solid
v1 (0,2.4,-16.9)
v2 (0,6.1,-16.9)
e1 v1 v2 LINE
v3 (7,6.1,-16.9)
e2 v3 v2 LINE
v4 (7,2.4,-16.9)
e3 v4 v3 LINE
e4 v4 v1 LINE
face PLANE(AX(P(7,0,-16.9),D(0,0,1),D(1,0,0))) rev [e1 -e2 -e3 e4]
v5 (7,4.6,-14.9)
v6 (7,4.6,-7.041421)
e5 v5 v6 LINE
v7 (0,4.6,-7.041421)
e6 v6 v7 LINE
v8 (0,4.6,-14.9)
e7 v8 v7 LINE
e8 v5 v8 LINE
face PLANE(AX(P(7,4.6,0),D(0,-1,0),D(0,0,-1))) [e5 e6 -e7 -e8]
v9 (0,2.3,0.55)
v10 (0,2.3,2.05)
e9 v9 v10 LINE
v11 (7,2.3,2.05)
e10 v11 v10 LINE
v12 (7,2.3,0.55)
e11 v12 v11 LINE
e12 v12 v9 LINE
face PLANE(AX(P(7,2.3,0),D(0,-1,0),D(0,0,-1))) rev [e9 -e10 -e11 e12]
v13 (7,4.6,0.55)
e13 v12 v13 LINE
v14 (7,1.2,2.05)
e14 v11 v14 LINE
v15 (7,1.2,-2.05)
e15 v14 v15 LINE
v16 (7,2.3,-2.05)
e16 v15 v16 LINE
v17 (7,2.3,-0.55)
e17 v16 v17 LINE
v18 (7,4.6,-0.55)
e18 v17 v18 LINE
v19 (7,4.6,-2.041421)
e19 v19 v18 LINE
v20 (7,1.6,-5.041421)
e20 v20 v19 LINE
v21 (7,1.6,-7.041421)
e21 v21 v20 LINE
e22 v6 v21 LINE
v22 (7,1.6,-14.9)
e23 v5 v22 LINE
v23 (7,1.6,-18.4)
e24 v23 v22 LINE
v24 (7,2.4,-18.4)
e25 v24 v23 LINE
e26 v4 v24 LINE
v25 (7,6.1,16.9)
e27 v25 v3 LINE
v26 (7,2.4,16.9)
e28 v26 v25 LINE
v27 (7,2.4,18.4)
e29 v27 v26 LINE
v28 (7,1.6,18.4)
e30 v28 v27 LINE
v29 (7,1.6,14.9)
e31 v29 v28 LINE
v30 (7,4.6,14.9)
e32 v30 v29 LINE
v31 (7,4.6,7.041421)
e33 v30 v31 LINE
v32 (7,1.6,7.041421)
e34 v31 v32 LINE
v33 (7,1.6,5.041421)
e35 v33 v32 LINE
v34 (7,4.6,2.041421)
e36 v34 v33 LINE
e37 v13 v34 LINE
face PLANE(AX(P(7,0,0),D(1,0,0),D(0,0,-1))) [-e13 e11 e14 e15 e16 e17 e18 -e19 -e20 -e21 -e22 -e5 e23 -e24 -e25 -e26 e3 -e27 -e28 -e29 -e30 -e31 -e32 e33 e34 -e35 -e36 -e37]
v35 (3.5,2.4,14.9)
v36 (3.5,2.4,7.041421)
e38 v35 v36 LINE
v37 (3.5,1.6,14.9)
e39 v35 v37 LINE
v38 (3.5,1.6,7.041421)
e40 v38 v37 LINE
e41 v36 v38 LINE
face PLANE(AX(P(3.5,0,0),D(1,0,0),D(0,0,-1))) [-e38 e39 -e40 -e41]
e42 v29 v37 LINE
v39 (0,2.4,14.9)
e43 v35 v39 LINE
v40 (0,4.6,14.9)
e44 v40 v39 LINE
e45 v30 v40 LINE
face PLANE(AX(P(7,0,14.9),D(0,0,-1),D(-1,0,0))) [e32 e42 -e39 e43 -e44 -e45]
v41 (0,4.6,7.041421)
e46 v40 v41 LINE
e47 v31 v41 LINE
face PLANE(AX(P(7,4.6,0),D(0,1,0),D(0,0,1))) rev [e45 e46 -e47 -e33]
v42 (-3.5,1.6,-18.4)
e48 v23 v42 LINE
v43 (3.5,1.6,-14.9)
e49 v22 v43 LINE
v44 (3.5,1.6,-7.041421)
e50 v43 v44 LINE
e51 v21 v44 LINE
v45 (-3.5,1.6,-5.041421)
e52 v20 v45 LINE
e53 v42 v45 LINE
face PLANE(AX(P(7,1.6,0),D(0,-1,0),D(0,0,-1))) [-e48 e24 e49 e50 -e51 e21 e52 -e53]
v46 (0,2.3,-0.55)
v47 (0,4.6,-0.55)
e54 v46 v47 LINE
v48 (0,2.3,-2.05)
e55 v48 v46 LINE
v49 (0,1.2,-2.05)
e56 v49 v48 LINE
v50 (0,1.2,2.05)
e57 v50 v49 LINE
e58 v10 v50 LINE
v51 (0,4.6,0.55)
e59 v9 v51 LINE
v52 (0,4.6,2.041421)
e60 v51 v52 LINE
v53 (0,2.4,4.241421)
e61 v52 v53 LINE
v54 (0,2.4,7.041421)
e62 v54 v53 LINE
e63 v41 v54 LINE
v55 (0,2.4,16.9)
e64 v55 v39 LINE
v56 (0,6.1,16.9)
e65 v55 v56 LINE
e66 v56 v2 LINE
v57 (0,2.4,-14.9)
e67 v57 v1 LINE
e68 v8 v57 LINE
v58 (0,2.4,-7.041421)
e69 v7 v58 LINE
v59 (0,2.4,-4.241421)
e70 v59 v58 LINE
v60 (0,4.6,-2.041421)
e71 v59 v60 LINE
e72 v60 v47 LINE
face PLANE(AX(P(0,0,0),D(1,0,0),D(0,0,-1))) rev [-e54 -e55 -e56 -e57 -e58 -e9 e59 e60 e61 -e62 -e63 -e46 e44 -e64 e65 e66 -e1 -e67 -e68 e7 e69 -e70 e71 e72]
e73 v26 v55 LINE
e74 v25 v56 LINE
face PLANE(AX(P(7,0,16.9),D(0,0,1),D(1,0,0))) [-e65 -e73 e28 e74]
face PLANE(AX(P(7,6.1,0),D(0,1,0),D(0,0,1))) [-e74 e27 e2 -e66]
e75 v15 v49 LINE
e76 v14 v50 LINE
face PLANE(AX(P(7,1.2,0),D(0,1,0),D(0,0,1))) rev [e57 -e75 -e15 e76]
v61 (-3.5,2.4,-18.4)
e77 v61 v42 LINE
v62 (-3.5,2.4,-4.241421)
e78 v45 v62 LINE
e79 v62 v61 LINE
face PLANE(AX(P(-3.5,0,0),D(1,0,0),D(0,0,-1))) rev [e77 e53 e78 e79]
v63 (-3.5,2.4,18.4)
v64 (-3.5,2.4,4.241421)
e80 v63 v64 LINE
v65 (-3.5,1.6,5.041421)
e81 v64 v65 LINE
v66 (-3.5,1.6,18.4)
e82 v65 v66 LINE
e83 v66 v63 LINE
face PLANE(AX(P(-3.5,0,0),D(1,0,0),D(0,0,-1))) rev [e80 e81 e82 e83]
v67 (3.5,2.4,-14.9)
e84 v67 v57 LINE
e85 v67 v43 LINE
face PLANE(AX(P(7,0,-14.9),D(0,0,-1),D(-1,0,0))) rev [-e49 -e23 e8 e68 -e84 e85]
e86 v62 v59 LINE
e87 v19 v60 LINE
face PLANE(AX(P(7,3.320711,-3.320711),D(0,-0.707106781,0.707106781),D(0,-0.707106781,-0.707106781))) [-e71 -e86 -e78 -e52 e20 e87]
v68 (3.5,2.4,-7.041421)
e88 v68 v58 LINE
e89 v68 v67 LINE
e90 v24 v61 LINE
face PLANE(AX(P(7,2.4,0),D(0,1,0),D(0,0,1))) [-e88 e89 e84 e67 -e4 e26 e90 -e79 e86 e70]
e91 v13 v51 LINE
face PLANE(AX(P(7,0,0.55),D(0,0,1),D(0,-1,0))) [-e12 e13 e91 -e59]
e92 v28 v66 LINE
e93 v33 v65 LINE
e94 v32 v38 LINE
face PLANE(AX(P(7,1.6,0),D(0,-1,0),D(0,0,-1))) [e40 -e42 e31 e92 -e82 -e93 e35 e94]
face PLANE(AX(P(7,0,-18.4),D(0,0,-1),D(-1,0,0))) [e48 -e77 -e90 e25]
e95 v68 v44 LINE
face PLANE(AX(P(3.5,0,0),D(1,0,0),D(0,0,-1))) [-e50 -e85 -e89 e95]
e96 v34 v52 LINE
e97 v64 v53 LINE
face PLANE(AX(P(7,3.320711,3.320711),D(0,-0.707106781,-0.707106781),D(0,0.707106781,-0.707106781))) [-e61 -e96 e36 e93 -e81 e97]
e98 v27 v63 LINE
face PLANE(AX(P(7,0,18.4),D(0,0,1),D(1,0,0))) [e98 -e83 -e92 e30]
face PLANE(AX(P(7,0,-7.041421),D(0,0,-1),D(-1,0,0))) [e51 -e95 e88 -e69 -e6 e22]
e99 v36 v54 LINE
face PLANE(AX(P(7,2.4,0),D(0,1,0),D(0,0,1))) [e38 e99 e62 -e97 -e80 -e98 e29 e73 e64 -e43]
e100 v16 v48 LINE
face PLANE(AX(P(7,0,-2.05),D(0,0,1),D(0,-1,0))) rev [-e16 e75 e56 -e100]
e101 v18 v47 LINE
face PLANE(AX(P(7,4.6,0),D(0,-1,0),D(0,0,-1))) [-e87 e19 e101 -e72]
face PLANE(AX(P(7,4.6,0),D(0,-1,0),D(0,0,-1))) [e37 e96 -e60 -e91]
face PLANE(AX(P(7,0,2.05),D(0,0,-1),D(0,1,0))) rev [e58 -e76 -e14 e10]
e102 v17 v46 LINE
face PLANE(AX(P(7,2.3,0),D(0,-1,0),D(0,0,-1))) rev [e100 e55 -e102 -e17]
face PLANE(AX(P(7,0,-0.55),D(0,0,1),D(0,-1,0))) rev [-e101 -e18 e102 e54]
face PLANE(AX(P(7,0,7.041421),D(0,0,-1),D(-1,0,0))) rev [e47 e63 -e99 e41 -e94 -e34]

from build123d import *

# Parameters (mm, degrees)
BOSS_EXTRUDE1_DEPTH = 7
SKETCH1_3_W         = 7.858578644
SKETCH1_3_H         = 0.8
BOSS_EXTRUDE2_DEPTH = 3.5


with BuildPart() as part:
    # Sketch1 → Boss-Extrude1 (new body)
    with BuildSketch(Plane(origin=(0, 0, 0), x_dir=(0, 0, -1), z_dir=(1, 0, 0))):
        Polygon((-14.9, 4.6), (-7.041421356, 4.6), (-7.041421356, 1.6), (-5.041421356, 1.6), (-2.041421356, 4.6), (-0.55, 4.6), (-0.55, 2.3), (-2.05, 2.3), (-2.05, 1.2), (2.05, 1.2), (2.05, 2.3), (0.55, 2.3), (0.55, 4.6), (2.041421356, 4.6), (5.041421356, 1.6), (7.041421356, 1.6), (7.041421356, 4.6), (14.9, 4.6), (14.9, 1.6), (18.4, 1.6), (18.4, 2.4), (16.9, 2.4), (16.9, 6.1), (-16.9, 6.1), (-16.9, 2.4), (-18.4, 2.4), (-18.4, 1.6), (-14.9, 1.6), align=None)
    extrude(amount=BOSS_EXTRUDE1_DEPTH)

    # Sketch1<3> → Boss-Extrude2 (add, symmetric)
    with BuildSketch(Plane(origin=(0, 0, 0), x_dir=(0, 0, -1), z_dir=(1, 0, 0))):
        Polygon((7.041421356, 2.4), (4.241421356, 2.4), (5.041421356, 1.6), (7.041421356, 1.6), align=None)
        Polygon((17, 2.4), (16.9, 2.4), (14.9, 2.4), (14.9, 1.6), (17, 1.6), (18.4, 1.6), (18.4, 2.4), align=None)
        with Locations((10.970710678, 2)):
            Rectangle(SKETCH1_3_W, SKETCH1_3_H)
        with Locations((-10.970710678, 2)):
            Rectangle(SKETCH1_3_W, SKETCH1_3_H)
        Polygon((-4.241421356, 2.4), (-7.041421356, 2.4), (-7.041421356, 1.6), (-5.041421356, 1.6), align=None)
        Polygon((-14.9, 1.6), (-14.9, 2.4), (-16.9, 2.4), (-17, 2.4), (-18.4, 2.4), (-18.4, 1.6), (-17, 1.6), align=None)
    extrude(amount=BOSS_EXTRUDE2_DEPTH, both=True)


solid = part.part
